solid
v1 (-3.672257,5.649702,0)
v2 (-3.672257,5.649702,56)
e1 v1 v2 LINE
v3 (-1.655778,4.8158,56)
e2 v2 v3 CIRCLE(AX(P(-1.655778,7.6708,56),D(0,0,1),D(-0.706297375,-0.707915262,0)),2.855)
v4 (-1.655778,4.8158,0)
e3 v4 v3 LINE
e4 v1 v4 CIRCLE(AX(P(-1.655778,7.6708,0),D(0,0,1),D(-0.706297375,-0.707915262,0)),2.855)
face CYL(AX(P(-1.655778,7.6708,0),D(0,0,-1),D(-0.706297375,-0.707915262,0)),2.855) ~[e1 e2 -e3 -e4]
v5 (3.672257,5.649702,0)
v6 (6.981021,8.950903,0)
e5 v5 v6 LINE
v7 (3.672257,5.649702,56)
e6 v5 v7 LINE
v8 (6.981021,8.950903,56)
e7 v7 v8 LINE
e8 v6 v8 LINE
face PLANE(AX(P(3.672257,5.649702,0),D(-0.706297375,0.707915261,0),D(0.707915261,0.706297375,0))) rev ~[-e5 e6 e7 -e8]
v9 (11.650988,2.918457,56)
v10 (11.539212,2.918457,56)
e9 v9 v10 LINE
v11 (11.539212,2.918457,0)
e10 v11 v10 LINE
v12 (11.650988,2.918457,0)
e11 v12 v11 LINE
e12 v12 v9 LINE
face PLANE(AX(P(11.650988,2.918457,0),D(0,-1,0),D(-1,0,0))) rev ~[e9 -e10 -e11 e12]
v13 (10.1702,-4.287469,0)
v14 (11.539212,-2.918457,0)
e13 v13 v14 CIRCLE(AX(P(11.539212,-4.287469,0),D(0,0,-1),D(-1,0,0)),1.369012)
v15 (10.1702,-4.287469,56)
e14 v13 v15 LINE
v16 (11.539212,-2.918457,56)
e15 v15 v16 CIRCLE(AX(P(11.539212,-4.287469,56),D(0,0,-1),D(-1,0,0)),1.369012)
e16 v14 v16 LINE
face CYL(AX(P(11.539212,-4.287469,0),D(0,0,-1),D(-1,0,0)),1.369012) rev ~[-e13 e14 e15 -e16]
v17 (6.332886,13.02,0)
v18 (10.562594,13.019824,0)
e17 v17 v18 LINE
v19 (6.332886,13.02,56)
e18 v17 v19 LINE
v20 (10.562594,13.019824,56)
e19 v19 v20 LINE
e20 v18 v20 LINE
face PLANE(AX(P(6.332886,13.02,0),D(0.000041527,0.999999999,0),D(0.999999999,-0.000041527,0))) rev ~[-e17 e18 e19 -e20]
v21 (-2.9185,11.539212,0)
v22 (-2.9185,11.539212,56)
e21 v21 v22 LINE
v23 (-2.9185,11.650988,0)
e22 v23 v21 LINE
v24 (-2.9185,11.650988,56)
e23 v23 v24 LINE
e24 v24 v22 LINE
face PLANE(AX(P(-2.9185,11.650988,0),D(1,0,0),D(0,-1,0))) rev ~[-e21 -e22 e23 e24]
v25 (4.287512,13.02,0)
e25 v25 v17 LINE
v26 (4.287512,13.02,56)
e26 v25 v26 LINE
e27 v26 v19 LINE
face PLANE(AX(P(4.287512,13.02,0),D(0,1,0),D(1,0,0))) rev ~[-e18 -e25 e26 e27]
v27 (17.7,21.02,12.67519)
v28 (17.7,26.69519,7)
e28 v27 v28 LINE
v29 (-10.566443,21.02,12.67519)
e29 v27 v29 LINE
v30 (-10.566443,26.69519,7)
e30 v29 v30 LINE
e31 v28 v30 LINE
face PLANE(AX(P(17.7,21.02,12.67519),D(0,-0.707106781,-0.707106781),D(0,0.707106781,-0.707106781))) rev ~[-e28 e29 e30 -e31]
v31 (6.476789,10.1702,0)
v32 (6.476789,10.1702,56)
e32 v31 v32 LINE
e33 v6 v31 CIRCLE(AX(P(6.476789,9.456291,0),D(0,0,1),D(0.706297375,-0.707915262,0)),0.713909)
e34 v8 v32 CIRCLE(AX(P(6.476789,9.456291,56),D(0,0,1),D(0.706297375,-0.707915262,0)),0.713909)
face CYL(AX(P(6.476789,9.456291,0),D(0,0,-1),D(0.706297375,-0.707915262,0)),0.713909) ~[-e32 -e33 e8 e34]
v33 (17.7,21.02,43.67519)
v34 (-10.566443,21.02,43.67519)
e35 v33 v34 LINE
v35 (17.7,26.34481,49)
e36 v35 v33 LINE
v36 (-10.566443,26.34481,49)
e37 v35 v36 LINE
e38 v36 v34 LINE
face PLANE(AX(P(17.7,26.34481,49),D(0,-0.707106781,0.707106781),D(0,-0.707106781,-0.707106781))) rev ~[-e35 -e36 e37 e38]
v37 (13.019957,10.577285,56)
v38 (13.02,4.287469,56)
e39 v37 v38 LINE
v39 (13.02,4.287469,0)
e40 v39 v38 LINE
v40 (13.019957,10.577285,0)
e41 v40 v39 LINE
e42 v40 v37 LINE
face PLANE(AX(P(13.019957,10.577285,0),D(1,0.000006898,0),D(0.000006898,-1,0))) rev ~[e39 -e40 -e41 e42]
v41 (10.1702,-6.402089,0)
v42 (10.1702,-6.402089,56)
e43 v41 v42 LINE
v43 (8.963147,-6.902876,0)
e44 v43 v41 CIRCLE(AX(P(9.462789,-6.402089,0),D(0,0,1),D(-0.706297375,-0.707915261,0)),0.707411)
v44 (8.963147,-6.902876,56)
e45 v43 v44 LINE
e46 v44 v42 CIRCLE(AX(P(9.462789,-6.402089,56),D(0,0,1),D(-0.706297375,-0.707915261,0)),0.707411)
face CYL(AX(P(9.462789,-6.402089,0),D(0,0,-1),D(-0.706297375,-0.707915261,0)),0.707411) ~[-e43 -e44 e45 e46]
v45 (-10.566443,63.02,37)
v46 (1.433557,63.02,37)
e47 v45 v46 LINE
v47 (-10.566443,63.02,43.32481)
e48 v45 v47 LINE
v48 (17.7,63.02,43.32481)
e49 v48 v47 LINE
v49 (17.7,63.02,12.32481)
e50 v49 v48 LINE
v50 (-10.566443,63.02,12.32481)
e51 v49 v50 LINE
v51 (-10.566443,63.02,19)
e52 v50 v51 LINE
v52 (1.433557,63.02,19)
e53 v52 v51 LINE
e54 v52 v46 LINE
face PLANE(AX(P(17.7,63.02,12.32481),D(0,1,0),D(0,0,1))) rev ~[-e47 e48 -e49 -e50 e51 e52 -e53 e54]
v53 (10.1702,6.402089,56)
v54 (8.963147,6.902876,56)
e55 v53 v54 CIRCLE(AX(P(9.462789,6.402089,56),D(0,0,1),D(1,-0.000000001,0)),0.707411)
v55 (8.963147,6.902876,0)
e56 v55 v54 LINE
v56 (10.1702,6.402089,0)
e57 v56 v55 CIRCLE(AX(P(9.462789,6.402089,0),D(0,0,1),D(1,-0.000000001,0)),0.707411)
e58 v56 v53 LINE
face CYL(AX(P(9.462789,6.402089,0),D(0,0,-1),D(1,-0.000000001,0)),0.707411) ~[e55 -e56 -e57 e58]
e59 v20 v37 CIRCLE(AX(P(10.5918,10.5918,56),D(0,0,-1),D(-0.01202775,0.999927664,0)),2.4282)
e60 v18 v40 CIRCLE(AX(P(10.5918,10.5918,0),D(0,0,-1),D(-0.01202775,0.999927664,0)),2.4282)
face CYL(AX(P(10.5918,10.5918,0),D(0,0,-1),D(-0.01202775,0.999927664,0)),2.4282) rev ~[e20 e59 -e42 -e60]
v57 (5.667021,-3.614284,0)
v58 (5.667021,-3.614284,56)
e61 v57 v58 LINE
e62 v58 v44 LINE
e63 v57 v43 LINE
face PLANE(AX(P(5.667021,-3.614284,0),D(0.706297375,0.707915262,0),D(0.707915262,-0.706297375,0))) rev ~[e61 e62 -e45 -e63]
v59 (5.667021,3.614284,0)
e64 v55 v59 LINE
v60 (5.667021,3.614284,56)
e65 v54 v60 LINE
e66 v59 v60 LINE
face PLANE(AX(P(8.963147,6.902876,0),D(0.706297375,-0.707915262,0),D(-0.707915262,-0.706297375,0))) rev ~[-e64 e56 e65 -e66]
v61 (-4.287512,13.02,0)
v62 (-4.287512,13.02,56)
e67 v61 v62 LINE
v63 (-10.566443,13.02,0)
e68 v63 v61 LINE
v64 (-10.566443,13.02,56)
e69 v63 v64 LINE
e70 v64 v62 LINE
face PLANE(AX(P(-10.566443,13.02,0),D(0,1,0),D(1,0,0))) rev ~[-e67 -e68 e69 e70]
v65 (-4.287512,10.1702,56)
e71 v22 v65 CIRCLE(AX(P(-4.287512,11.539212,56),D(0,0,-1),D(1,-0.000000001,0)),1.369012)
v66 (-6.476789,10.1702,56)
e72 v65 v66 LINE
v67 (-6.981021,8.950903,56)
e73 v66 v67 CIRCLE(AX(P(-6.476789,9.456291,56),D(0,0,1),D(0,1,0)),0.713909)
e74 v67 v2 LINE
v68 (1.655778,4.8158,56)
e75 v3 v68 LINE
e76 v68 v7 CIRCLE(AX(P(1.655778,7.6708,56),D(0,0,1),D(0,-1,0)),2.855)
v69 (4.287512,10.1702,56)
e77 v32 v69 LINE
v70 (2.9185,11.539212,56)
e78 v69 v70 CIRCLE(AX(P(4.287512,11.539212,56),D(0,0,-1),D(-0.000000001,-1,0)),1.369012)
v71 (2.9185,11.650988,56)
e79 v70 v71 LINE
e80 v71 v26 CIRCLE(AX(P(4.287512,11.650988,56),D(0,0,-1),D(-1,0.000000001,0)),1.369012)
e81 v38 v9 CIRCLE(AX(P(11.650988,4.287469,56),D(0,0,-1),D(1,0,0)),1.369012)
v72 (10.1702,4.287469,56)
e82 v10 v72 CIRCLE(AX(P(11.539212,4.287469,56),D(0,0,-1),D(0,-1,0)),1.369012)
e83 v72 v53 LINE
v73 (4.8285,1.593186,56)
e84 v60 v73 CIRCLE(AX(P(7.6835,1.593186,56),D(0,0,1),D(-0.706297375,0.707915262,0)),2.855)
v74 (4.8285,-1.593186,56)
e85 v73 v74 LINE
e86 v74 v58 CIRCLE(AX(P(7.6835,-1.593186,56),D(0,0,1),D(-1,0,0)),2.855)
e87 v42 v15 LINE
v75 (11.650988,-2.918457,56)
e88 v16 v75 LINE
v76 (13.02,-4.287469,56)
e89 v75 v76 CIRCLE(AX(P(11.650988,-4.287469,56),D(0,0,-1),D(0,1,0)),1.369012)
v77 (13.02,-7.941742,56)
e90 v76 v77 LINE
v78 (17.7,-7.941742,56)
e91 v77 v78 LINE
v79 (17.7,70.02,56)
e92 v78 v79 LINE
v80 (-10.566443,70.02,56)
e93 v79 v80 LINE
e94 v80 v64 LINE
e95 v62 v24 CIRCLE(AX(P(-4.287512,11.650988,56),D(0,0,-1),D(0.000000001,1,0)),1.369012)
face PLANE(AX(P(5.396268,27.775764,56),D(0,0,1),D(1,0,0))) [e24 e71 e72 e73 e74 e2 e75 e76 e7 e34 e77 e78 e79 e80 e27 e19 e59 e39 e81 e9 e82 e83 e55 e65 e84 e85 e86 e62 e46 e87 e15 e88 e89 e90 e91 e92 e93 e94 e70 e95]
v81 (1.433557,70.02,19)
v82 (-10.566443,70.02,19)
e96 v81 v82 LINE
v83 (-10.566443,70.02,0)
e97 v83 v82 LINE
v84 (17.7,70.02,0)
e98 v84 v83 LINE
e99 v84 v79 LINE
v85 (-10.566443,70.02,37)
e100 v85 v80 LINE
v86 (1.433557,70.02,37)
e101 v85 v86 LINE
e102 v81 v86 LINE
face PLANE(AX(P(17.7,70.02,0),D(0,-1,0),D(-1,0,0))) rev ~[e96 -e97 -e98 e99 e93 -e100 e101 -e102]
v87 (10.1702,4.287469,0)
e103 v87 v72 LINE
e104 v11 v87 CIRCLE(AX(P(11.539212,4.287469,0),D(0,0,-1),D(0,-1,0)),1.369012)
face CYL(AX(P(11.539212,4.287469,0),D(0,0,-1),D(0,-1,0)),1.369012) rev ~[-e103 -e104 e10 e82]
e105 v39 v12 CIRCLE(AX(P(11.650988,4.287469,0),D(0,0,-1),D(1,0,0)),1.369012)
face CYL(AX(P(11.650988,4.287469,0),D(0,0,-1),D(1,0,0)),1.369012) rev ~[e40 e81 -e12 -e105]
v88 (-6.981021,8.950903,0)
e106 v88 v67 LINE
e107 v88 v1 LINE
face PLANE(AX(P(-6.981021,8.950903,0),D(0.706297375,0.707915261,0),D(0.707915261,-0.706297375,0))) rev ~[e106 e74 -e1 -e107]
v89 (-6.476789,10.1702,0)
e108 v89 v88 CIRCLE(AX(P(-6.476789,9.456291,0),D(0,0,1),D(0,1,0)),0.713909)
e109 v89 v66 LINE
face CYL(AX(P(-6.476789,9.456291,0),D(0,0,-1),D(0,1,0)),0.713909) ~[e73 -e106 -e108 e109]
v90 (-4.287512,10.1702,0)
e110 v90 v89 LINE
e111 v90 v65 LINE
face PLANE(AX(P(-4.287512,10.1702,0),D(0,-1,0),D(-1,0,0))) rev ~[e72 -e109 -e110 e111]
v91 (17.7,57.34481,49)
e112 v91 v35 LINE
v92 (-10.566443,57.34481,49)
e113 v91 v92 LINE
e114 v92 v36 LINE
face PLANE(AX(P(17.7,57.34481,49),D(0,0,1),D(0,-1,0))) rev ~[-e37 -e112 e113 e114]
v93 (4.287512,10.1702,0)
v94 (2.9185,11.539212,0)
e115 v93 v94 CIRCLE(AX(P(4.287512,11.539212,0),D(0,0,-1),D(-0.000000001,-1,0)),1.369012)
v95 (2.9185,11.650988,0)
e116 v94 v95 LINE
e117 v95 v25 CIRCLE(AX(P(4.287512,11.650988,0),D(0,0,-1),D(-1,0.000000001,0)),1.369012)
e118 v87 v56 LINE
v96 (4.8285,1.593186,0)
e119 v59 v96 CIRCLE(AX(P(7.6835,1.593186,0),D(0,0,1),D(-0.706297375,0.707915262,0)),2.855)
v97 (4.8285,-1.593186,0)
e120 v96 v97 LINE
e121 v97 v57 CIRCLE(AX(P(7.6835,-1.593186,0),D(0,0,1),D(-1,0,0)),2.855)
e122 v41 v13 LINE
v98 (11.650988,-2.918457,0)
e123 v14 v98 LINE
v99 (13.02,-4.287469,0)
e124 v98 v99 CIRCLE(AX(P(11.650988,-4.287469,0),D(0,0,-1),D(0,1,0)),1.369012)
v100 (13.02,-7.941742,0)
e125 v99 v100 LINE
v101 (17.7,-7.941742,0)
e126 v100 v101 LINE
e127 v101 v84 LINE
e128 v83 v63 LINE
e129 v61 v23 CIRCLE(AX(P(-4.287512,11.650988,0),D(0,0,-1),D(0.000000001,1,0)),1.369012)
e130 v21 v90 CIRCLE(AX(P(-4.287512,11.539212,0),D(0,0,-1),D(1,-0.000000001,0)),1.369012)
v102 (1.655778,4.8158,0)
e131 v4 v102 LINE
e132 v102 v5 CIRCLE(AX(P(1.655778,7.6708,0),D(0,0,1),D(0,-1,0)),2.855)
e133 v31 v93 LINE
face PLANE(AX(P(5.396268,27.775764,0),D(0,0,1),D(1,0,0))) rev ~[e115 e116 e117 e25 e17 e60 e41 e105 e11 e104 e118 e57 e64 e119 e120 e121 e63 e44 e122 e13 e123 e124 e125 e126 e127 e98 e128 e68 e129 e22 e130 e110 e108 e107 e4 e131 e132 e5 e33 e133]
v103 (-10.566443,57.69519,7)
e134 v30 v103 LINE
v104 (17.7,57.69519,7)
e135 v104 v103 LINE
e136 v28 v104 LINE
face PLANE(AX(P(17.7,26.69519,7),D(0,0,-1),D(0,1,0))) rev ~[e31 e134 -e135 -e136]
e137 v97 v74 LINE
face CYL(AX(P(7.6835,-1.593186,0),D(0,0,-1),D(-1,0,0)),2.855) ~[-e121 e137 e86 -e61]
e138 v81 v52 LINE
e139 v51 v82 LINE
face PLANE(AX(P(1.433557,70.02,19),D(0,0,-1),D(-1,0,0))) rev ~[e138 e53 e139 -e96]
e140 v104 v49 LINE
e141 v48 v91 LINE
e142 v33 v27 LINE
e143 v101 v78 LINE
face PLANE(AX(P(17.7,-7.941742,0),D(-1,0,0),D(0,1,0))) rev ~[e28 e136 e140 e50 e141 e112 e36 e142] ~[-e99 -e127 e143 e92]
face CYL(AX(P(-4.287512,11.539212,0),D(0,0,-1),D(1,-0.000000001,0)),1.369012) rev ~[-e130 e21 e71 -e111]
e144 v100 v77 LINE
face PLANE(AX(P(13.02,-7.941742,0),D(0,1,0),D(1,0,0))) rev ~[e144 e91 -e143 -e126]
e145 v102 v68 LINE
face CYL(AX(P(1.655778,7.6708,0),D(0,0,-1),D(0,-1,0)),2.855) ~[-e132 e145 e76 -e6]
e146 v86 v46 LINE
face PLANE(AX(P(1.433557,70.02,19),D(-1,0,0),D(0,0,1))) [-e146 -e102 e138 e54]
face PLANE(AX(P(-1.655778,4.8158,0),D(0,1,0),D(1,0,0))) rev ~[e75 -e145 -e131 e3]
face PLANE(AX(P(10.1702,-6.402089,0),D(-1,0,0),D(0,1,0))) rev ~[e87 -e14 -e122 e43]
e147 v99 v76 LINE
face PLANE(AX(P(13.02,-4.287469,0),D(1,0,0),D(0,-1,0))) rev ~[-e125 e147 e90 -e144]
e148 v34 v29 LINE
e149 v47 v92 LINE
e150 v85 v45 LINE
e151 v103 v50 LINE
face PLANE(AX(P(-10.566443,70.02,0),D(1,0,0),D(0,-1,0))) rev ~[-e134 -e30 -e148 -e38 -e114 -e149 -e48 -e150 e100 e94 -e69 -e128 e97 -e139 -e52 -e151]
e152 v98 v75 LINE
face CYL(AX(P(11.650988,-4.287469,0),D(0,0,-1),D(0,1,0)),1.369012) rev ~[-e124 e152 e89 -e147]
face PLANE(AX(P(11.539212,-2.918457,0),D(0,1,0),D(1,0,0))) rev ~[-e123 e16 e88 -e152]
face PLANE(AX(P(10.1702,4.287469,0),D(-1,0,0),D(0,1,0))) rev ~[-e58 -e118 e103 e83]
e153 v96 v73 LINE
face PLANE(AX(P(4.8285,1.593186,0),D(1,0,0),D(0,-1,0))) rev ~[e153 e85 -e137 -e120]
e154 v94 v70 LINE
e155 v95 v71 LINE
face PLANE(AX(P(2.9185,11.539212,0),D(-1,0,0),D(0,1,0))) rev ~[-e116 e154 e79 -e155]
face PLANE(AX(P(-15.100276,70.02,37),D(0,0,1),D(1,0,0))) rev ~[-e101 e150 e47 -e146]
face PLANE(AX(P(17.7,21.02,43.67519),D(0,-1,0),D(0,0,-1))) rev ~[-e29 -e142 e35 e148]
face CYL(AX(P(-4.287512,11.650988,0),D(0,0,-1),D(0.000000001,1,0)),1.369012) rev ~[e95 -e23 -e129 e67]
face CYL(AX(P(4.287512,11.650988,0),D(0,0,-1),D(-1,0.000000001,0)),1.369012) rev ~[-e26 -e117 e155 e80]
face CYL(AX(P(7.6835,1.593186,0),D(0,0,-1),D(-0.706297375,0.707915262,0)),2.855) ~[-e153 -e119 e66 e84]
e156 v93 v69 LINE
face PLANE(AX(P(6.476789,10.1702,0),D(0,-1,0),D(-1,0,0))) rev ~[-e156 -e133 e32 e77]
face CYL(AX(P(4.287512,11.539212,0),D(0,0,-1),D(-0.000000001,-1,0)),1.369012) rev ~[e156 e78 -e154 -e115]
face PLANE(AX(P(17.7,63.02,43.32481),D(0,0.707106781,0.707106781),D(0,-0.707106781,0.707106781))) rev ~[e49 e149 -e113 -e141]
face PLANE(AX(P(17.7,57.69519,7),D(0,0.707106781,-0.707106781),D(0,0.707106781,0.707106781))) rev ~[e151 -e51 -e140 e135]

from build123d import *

# Parameters (mm, degrees)
BOSS_EXTRUDE1_DEPTH = 56
CUT_EXTRUDE1_DEPTH  = 56
CUT_EXTRUDE2_DEPTH  = 10


with BuildPart() as part:
    # Sketch1 → Boss-Extrude1 (new body)
    with BuildSketch(Plane.XY):
        with BuildLine():
            Line((13.02, -7.9417418), (17.7, -7.9417418))
            Line((17.7, -7.9417418), (17.7, 70.02))
            Line((17.7, 70.02), (-10.566443095, 70.02))
            Line((-10.566443095, 70.02), (-10.566443095, 13.02))
            Line((-10.566443095, 13.02), (-5.317126718, 13.02))
            Line((-5.317126718, 13.02), (-4.287512407, 13.02))
            ThreePointArc((-4.287512407, 13.02), (-3.319474451, 12.619025549), (-2.9185, 11.650987593))
            Line((-2.9185, 11.650987593), (-2.9185, 11.539212407))
            ThreePointArc((-2.9185, 11.539212407), (-3.319474451, 10.571174451), (-4.287512407, 10.1702))
            Line((-4.287512407, 10.1702), (-6.476788598, 10.1702))
            ThreePointArc((-6.476788598, 10.1702), (-7.136510935, 9.729114651), (-6.981020848, 8.950903446))
            Line((-6.981020848, 8.950903446), (-3.672257405, 5.649701928))
            ThreePointArc((-3.672257405, 5.649701928), (-2.746830644, 5.032499411), (-1.655778399, 4.8158))
            Line((-1.655778399, 4.8158), (1.655778399, 4.8158))
            ThreePointArc((1.655778399, 4.8158), (2.746830644, 5.032499411), (3.672257405, 5.649701928))
            Line((3.672257405, 5.649701928), (6.981020848, 8.950903446))
            ThreePointArc((6.981020848, 8.950903446), (7.136510935, 9.729114651), (6.476788598, 10.1702))
            Line((6.476788598, 10.1702), (4.287512407, 10.1702))
            ThreePointArc((4.287512407, 10.1702), (3.319474451, 10.571174451), (2.9185, 11.539212407))
            Line((2.9185, 11.539212407), (2.9185, 11.650987593))
            ThreePointArc((2.9185, 11.650987593), (3.319474451, 12.619025549), (4.287512407, 13.02))
            Line((4.287512407, 13.02), (6.332886163, 13.02))
            Line((6.332886163, 13.02), (10.562594215, 13.019824354))
            ThreePointArc((10.562594215, 13.019824354), (12.303594776, 12.313982883), (13.019956614, 10.577284622))
            Line((13.019956614, 10.577284622), (13.02, 4.287469289))
            ThreePointArc((13.02, 4.287469289), (12.619025549, 3.319431332), (11.650987593, 2.918456882))
            Line((11.650987593, 2.918456882), (11.539212407, 2.918456882))
            ThreePointArc((11.539212407, 2.918456882), (10.571174451, 3.319431332), (10.1702, 4.287469289))
            Line((10.1702, 4.287469289), (10.1702, 6.402089023))
            ThreePointArc((10.1702, 6.402089023), (9.733877283, 7.055496588), (8.963146507, 6.90287605))
            Line((8.963146507, 6.90287605), (5.667020993, 3.614283579))
            ThreePointArc((5.667020993, 3.614283579), (5.046449321, 2.687255303), (4.8285, 1.593185507))
            Line((4.8285, 1.593185507), (4.8285, -1.593185507))
            ThreePointArc((4.8285, -1.593185507), (5.046449321, -2.687255303), (5.667020993, -3.614283579))
            Line((5.667020993, -3.614283579), (8.963146507, -6.90287605))
            ThreePointArc((8.963146507, -6.90287605), (9.733877283, -7.055496588), (10.1702, -6.402089023))
            Line((10.1702, -6.402089023), (10.1702, -4.287469289))
            ThreePointArc((10.1702, -4.287469289), (10.571174451, -3.319431332), (11.539212407, -2.918456882))
            Line((11.539212407, -2.918456882), (11.650987593, -2.918456882))
            ThreePointArc((11.650987593, -2.918456882), (12.619025549, -3.319431332), (13.02, -4.287469289))
            Line((13.02, -4.287469289), (13.02, -5.3170836))
            Line((13.02, -5.3170836), (13.02, -7.9417418))
        make_face()
    extrude(amount=BOSS_EXTRUDE1_DEPTH)

    # Sketch14 → Cut-Extrude1 (cut)
    with BuildSketch(Plane(origin=(17.7, 0, 0), x_dir=(0, 0, -1), z_dir=(1, 0, 0))):
        Polygon((-43.675189669, 21.02), (-12.675189669, 21.02), (-7, 26.695189669), (-7, 57.695189669), (-12.324810331, 63.02), (-43.324810331, 63.02), (-49, 57.344810331), (-49, 26.344810331), align=None)
    extrude(amount=-CUT_EXTRUDE1_DEPTH, mode=Mode.SUBTRACT)

    # Sketch15 → Cut-Extrude2 (cut)
    with BuildSketch(Plane(origin=(0, 70.02, 0), x_dir=(1, 0, 0), z_dir=(0, 1, 0))):
        Polygon((-10.566443095, -19), (1.433556905, -19), (1.433556905, -37), (-10.566443095, -37), (-15.100276482, -37), (-15.100276482, -19), align=None)
    extrude(amount=-CUT_EXTRUDE2_DEPTH, mode=Mode.SUBTRACT)


solid = part.part
